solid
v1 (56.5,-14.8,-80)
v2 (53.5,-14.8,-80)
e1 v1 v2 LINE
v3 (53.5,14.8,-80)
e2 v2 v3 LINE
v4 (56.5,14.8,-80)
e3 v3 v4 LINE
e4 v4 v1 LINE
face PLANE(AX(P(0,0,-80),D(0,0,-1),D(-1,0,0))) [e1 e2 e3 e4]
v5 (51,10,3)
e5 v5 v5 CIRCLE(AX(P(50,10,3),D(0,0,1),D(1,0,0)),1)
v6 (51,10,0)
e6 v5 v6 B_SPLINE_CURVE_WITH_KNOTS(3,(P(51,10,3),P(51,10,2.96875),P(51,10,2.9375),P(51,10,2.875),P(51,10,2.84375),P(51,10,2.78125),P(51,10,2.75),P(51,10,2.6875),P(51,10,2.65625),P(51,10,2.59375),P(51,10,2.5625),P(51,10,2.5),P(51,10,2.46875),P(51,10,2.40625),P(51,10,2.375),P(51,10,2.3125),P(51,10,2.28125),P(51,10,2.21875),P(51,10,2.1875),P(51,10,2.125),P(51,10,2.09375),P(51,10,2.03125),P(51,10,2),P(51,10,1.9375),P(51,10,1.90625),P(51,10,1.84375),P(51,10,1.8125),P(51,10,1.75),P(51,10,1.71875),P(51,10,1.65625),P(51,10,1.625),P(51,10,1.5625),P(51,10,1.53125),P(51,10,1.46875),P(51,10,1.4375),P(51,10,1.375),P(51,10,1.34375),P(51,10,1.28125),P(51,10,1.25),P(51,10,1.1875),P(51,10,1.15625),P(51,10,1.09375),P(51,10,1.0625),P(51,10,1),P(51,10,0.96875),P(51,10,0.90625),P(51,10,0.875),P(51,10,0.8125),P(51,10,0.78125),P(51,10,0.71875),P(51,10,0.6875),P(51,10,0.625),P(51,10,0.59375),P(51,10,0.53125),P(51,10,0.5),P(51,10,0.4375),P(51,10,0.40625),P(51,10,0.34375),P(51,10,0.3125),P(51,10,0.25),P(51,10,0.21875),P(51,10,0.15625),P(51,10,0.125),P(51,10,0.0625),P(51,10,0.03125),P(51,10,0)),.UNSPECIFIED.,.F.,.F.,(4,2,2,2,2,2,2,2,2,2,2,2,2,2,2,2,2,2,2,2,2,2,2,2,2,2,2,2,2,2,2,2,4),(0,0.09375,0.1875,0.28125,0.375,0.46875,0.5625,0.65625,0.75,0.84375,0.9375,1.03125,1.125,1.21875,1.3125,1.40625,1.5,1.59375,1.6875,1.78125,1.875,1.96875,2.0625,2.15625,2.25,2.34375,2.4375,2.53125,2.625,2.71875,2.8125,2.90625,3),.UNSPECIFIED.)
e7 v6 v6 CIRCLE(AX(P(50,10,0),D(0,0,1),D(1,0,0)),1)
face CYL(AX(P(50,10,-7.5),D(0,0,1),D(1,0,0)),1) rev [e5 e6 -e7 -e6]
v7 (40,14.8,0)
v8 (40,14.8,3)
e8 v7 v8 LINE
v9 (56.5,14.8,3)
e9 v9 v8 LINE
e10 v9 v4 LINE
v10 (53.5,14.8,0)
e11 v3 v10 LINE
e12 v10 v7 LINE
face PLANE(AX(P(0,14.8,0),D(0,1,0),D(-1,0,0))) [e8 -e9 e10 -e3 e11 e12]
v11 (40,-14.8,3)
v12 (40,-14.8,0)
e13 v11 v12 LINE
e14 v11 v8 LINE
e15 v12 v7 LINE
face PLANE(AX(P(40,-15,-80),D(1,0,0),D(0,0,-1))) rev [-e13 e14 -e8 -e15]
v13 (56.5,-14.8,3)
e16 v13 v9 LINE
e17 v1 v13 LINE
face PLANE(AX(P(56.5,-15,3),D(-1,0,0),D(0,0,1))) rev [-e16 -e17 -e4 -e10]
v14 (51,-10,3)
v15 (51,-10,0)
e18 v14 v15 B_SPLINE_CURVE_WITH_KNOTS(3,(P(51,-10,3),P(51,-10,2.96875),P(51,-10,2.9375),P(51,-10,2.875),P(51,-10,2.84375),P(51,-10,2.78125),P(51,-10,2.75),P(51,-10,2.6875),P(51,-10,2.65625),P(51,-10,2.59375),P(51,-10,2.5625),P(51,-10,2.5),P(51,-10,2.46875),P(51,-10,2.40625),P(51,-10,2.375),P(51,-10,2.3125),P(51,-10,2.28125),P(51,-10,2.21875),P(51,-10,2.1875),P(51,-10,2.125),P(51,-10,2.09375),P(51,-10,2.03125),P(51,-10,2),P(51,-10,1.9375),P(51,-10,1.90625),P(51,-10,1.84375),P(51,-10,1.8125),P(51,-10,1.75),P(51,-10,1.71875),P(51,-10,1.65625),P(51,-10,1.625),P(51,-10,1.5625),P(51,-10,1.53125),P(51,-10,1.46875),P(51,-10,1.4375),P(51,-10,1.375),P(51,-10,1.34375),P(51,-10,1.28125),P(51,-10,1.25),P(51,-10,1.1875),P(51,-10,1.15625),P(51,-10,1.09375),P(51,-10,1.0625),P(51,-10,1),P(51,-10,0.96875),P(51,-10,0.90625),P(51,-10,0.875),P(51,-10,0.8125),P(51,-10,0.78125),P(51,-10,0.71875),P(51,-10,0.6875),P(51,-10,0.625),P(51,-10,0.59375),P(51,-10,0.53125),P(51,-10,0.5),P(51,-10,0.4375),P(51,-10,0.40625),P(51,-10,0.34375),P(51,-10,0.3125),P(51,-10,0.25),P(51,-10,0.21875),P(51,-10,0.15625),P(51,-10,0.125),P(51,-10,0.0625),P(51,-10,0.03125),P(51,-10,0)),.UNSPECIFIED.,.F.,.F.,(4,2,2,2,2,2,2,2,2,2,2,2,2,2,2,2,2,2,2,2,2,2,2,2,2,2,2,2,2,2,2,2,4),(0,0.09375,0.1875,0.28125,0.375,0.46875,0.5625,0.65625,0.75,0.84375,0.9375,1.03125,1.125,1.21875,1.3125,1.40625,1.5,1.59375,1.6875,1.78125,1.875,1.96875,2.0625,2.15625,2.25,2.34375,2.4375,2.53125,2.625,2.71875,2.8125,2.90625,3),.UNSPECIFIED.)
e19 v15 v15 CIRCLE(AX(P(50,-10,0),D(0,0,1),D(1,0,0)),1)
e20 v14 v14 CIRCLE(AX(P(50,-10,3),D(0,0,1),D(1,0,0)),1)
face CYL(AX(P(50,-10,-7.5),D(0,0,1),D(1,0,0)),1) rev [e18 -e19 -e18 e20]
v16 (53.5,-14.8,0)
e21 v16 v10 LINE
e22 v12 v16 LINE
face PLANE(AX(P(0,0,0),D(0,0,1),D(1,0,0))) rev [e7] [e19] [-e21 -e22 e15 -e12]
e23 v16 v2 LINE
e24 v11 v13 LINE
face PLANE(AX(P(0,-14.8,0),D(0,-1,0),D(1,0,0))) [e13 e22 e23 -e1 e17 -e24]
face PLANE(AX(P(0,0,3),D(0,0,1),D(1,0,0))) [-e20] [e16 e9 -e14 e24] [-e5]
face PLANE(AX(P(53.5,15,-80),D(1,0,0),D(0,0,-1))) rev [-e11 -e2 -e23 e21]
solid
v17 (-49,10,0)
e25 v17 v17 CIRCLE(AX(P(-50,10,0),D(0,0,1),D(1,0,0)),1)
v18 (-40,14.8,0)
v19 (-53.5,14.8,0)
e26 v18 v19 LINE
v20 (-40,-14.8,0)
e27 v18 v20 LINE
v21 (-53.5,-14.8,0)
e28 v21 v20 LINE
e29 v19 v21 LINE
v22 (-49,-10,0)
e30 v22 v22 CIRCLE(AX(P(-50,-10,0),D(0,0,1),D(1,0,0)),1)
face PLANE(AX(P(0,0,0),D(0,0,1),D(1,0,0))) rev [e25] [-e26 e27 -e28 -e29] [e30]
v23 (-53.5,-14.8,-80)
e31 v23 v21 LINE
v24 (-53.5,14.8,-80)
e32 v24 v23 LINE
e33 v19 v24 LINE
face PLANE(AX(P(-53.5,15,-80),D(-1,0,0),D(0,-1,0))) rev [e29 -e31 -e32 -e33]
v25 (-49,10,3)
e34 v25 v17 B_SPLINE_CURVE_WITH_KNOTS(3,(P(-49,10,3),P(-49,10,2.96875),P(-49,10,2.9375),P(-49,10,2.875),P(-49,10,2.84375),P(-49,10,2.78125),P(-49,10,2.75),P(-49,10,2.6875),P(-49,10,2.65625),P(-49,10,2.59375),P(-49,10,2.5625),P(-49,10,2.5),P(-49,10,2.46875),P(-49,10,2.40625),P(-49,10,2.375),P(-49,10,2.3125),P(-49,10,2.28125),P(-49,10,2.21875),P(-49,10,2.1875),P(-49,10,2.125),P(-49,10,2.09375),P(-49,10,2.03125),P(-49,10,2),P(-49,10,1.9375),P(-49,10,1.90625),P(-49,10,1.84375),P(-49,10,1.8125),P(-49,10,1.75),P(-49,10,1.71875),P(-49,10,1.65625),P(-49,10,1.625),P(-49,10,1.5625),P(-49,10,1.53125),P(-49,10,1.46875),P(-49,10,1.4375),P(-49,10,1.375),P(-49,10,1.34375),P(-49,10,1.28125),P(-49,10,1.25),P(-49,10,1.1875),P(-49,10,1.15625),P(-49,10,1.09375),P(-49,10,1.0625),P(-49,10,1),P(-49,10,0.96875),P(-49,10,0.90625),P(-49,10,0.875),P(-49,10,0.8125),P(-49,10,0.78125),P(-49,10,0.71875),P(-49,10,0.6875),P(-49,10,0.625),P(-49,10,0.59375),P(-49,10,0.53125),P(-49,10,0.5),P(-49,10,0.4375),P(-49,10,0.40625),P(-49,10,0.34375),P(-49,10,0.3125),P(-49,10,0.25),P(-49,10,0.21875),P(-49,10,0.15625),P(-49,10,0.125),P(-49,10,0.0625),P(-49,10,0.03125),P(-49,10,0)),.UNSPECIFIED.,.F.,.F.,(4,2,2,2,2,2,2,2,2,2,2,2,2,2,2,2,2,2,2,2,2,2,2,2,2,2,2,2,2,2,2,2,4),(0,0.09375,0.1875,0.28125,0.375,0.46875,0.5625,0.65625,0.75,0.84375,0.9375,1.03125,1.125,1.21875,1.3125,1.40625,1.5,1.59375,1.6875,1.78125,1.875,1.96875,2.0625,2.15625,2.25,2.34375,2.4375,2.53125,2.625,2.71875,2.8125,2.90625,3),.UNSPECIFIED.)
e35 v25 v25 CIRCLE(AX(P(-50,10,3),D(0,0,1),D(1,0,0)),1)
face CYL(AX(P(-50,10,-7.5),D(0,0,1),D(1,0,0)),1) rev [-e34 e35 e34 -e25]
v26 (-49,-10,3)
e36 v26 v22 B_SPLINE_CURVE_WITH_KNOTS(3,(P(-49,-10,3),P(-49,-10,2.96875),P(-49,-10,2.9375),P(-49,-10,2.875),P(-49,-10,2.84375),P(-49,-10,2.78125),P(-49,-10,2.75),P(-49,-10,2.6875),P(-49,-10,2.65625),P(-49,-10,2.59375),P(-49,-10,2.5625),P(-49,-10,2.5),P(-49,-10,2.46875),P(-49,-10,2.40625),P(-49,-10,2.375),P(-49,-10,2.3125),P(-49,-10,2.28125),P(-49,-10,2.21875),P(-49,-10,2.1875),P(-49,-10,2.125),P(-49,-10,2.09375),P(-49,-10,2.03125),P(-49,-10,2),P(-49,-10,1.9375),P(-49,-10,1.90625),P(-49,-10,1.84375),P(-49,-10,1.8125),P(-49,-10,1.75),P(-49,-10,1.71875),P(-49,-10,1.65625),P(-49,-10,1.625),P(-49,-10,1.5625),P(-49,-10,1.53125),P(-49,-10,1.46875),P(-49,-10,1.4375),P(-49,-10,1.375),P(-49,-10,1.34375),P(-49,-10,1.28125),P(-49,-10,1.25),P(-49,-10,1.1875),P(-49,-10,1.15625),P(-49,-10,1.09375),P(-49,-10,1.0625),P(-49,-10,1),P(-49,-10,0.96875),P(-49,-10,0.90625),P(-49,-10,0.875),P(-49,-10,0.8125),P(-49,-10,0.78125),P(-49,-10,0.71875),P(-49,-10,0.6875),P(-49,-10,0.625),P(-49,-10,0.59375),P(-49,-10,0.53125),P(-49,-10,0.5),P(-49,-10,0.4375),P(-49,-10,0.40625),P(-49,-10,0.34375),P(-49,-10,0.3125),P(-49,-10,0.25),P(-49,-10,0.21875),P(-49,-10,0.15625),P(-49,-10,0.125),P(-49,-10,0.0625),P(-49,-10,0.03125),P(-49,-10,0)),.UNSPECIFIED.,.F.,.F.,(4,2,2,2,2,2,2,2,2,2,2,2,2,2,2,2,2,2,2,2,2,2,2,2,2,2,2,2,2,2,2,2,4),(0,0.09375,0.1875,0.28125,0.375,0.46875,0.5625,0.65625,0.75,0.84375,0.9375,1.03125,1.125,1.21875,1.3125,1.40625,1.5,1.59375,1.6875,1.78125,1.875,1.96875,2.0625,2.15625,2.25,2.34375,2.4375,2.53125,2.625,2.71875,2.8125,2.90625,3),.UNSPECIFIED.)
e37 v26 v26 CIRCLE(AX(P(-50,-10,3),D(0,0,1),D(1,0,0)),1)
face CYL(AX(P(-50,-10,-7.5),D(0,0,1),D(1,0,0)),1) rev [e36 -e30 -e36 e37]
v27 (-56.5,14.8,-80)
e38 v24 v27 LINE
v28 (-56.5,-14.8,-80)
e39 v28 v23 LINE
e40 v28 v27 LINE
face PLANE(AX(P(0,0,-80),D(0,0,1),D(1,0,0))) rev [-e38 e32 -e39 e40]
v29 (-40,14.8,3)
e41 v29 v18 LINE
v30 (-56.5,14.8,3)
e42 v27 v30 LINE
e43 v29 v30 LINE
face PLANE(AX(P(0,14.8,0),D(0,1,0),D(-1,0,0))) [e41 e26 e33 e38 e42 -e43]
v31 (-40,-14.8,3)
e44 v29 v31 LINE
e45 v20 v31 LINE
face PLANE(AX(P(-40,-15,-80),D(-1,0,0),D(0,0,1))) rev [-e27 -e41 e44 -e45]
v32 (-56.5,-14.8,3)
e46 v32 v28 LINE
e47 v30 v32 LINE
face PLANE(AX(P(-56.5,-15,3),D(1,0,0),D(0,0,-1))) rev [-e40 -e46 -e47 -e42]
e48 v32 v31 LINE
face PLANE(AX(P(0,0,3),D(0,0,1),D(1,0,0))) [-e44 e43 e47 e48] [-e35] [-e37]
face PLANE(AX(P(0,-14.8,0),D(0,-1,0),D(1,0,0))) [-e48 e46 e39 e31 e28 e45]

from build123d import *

# Parameters (mm, degrees)
SKETCH1_W           = 113
SKETCH1_H           = 30
BOSS_EXTRUDE1_DEPTH = 3
SKETCH2_W           = 3
SKETCH2_H           = 30
BOSS_EXTRUDE2_DEPTH = 80
SKETCH4_R           = 1
CUT_EXTRUDE1_DEPTH  = 10.5
SKETCH5_W           = 80
SKETCH5_H           = 30
CUT_EXTRUDE2_DEPTH  = 102.519702521
SKETCH6_W           = 125.18671139
SKETCH6_H           = 167.471966336
CUT_EXTRUDE3_DEPTH  = 0.2
SKETCH7_W           = 137.201217616
SKETCH7_H           = 176.824652728
CUT_EXTRUDE4_DEPTH  = 0.2


with BuildPart() as part:
    # Sketch1 → Boss-Extrude1 (new body)
    with BuildSketch(Plane.XY):
        Rectangle(SKETCH1_W, SKETCH1_H)
    extrude(amount=BOSS_EXTRUDE1_DEPTH)

    # Sketch2 → Boss-Extrude2 (add)
    with BuildSketch(Plane(origin=(0, 0, 0), x_dir=(-1, 0, 0), z_dir=(0, 0, -1))):
        with Locations((-55, 0)):
            Rectangle(SKETCH2_W, SKETCH2_H)
        with Locations((55, 0)):
            Rectangle(SKETCH2_W, SKETCH2_H)
    extrude(amount=BOSS_EXTRUDE2_DEPTH)

    # Sketch4 → Cut-Extrude1 (cut)
    with BuildSketch(Plane.XY.offset(3)):
        with Locations((-50, 10)):
            Circle(SKETCH4_R)
        with Locations((50, 10)):
            Circle(SKETCH4_R)
        with Locations((50, -10)):
            Circle(SKETCH4_R)
        with Locations((-50, -10)):
            Circle(SKETCH4_R)
    extrude(amount=-CUT_EXTRUDE1_DEPTH, mode=Mode.SUBTRACT)

    # Sketch5 → Cut-Extrude2 (cut, through all)
    with BuildSketch(Plane.XY.offset(3)):
        Rectangle(SKETCH5_W, SKETCH5_H)
    extrude(amount=-CUT_EXTRUDE2_DEPTH, mode=Mode.SUBTRACT)


with BuildPart() as cut_extrude2_piece_1:
    # of the separate pieces the step leaves, piece 1, a body of its own (cut_extrude2_pieces)
    add(part.part.solids().sort_by_distance((56.5, -15, -80))[0])


with BuildPart() as cut_extrude2_piece_2:
    # of the separate pieces the step leaves, piece 2, a body of its own (cut_extrude2_pieces)
    add(part.part.solids().sort_by_distance((-40, -15, 3))[0])


with BuildPart() as cut_extrude3_tool:
    # Sketch6 → Cut-Extrude3 (new body)
    with BuildSketch(Plane(origin=(0, 15, 0), x_dir=(1, 0, 0), z_dir=(0, 1, 0))):
        Rectangle(SKETCH6_W, SKETCH6_H)
    extrude(amount=-CUT_EXTRUDE3_DEPTH)


with BuildPart() as cut_extrude2_piece_1_1:
    add(cut_extrude2_piece_1.part)

    # Cut-Extrude3: cut by cut_extrude3_tool
    add(cut_extrude3_tool.part, mode=Mode.SUBTRACT)


with BuildPart() as cut_extrude2_piece_2_1:
    add(cut_extrude2_piece_2.part)

    # Cut-Extrude3: cut by cut_extrude3_tool
    add(cut_extrude3_tool.part, mode=Mode.SUBTRACT)


with BuildPart() as cut_extrude4_tool:
    # Sketch7 → Cut-Extrude4 (new body)
    with BuildSketch(Plane.XZ.offset(15)):
        Rectangle(SKETCH7_W, SKETCH7_H)
    extrude(amount=-CUT_EXTRUDE4_DEPTH)


with BuildPart() as cut_extrude2_piece_1_2:
    add(cut_extrude2_piece_1_1.part)

    # Cut-Extrude4: cut by cut_extrude4_tool
    add(cut_extrude4_tool.part, mode=Mode.SUBTRACT)


with BuildPart() as cut_extrude2_piece_2_2:
    add(cut_extrude2_piece_2_1.part)

    # Cut-Extrude4: cut by cut_extrude4_tool
    add(cut_extrude4_tool.part, mode=Mode.SUBTRACT)


solid = Compound([cut_extrude2_piece_1_2.part, cut_extrude2_piece_2_2.part])
